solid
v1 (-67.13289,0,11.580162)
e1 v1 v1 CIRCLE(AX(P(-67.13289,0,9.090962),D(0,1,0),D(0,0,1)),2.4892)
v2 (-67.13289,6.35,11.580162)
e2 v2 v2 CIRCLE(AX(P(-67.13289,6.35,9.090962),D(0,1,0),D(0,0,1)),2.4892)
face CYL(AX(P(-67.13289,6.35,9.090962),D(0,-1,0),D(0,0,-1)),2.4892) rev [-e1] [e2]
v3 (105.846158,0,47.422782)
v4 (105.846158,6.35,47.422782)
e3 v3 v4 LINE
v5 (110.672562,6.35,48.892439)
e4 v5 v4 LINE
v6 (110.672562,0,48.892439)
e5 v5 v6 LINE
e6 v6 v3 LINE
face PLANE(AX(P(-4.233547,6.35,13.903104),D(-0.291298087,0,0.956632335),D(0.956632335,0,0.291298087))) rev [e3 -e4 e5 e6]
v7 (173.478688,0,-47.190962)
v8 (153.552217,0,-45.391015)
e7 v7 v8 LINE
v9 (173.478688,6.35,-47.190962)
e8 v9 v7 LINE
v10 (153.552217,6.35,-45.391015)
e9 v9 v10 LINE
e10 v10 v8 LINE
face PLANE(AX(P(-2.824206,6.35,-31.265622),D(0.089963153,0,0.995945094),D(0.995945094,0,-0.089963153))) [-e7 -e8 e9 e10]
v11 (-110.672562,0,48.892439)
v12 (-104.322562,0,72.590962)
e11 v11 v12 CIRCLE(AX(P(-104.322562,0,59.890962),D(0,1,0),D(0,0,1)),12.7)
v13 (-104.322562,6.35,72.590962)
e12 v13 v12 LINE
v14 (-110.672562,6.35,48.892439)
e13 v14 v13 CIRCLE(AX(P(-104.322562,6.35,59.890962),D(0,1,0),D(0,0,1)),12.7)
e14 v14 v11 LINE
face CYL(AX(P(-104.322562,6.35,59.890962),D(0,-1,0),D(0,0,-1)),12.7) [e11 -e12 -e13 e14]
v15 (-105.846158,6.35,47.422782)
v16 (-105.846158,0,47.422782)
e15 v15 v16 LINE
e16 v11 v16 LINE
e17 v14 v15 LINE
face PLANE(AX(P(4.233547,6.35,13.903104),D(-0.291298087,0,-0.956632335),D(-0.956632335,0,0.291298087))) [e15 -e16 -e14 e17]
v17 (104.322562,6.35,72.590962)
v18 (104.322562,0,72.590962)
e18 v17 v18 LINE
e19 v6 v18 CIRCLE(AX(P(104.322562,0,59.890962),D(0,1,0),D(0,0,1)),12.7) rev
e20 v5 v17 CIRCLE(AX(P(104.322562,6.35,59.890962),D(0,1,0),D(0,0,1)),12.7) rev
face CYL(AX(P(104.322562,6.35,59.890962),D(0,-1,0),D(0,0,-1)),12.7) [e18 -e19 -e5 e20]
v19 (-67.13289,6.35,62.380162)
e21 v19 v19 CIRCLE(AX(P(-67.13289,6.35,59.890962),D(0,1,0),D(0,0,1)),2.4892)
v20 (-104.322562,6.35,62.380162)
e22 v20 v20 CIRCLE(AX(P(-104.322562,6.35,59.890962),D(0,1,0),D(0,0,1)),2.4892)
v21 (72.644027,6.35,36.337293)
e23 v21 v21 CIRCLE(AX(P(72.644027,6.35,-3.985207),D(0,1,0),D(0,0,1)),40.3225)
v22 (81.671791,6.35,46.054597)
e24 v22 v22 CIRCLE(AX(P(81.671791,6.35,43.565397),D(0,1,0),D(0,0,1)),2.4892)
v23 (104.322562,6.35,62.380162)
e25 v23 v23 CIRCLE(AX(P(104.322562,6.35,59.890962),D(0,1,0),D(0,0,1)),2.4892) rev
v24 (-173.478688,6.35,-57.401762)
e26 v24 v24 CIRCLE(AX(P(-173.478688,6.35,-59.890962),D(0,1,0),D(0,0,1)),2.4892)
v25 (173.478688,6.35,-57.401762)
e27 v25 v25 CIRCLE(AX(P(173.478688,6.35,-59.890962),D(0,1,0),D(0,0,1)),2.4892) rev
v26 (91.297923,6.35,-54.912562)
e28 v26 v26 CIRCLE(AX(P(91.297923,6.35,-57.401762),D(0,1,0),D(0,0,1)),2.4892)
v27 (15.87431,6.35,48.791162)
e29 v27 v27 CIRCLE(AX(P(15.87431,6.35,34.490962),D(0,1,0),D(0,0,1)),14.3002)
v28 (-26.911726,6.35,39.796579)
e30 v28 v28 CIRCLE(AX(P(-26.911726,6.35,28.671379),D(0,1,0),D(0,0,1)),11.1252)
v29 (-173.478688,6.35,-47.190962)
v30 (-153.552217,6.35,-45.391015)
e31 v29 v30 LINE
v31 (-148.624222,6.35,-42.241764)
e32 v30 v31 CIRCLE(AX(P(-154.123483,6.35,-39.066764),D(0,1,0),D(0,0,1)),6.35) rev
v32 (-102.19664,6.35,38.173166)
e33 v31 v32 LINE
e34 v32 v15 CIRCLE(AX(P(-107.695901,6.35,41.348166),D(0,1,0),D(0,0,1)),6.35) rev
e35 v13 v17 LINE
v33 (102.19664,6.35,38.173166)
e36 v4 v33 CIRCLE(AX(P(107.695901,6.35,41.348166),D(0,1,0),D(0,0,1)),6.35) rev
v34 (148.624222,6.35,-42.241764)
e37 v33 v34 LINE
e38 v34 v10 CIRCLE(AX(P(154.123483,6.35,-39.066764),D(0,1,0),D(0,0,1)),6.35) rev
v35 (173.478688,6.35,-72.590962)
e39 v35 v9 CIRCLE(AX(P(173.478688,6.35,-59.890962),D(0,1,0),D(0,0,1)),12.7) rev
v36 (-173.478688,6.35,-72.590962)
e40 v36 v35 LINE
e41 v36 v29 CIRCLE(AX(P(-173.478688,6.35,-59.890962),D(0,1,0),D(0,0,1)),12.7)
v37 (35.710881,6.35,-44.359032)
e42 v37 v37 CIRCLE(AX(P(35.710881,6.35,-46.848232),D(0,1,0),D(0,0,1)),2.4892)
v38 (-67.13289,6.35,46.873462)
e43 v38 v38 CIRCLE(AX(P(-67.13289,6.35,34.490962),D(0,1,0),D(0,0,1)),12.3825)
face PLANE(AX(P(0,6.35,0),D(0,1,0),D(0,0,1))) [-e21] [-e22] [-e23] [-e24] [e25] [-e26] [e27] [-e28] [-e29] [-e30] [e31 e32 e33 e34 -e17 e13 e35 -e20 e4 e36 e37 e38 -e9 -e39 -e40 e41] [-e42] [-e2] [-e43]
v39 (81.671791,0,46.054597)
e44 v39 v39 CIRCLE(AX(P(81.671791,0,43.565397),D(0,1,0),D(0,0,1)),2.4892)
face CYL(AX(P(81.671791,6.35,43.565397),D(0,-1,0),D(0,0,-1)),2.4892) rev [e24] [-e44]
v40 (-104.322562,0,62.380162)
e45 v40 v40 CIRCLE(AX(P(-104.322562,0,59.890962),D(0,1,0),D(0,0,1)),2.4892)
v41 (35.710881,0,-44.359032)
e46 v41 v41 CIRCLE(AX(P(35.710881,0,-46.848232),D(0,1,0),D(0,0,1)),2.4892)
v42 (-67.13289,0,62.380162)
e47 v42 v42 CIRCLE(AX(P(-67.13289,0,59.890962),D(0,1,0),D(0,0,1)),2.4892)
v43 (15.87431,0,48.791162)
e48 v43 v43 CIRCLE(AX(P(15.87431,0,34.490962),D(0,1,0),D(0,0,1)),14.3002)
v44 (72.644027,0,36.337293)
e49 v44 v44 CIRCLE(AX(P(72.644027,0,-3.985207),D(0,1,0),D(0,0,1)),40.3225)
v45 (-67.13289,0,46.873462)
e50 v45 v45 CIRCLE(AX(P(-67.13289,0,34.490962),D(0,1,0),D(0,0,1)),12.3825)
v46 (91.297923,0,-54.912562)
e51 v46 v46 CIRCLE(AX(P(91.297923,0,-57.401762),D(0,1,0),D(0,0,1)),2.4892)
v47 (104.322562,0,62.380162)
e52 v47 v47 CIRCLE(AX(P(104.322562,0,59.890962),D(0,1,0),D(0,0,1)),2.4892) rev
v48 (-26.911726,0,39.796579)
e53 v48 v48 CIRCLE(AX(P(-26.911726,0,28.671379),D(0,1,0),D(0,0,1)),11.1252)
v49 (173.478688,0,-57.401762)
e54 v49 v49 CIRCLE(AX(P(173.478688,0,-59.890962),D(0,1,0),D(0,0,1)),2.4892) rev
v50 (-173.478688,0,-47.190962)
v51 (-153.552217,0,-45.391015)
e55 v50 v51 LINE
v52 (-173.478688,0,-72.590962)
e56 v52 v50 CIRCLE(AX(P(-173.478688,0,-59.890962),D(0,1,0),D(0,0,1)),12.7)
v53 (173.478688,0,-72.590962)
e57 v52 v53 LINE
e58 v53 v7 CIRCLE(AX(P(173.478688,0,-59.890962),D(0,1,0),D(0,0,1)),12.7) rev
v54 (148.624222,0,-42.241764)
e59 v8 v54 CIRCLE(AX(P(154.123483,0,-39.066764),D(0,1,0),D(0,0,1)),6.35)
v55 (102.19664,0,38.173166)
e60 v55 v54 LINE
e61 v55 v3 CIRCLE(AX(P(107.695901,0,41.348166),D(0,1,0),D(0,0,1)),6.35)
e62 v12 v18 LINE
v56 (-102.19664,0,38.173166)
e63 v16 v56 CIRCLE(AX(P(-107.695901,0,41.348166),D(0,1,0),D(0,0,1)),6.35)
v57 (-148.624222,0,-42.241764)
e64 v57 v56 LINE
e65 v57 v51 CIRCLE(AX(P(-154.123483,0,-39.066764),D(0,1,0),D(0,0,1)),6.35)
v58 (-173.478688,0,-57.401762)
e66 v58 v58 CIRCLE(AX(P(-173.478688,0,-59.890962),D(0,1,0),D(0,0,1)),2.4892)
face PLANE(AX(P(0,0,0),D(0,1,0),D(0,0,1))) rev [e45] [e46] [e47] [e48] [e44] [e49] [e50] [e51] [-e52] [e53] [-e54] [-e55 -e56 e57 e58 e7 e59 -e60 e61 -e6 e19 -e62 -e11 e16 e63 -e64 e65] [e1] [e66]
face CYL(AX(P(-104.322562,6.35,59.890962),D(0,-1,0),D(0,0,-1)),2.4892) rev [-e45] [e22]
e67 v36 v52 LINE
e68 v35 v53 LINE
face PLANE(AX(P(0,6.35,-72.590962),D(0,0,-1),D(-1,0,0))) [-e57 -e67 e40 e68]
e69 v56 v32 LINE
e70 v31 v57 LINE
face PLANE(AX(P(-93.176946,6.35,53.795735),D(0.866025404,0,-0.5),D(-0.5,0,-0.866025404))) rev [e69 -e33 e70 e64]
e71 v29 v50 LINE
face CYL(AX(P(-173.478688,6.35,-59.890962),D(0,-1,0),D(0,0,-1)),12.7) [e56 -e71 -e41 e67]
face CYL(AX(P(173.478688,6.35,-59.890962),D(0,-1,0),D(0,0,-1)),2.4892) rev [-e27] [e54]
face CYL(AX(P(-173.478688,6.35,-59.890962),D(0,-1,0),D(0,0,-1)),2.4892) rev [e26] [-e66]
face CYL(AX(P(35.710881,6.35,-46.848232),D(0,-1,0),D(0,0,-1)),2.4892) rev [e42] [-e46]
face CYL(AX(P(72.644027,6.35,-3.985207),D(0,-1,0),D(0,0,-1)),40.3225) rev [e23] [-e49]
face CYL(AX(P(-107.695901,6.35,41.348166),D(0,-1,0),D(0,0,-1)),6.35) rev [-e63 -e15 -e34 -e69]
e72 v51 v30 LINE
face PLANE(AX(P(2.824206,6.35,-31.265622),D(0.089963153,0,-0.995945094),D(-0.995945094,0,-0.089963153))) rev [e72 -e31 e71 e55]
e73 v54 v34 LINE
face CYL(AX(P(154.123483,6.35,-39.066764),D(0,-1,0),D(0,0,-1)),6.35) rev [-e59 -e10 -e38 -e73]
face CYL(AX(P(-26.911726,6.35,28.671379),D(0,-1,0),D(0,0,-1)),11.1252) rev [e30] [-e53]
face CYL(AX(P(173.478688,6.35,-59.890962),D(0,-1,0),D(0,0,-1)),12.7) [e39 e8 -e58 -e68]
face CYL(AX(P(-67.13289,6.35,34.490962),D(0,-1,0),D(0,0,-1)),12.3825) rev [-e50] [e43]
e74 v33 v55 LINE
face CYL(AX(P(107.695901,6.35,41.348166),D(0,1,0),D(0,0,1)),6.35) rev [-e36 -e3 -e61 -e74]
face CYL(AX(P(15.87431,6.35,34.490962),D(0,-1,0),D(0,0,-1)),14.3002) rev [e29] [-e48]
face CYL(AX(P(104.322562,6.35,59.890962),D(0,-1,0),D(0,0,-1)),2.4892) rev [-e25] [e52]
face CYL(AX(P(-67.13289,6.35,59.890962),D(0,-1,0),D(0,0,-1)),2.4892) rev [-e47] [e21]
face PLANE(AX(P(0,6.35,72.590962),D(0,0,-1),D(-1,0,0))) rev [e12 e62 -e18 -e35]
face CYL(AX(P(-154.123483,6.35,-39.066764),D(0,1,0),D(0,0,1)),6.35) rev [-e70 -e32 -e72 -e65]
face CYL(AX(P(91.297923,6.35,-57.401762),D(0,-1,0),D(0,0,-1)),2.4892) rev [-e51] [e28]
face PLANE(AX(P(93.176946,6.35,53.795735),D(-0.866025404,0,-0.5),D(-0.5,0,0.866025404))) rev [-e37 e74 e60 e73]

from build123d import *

# Parameters (mm, degrees)
SKETCH1_R           = 2.4892
SKETCH1_R_2         = 12.3825
SKETCH1_R_3         = 14.3002
SKETCH1_R_4         = 11.1252
SKETCH1_R_5         = 40.3225
BOSS_EXTRUDE1_DEPTH = 6.35
FILLET2_R           = 6.35


with BuildPart() as part:
    # Sketch1 → Boss-Extrude1 (new body)
    with BuildSketch(Plane(origin=(0, 0, 0), x_dir=(1, 0, 0), z_dir=(0, 1, 0))):
        with BuildLine():
            ThreePointArc((-173.478687828, 72.590962089), (-186.178687828, 59.890962089), (-173.478687828, 47.190962089))
            Line((-173.478687828, 47.190962089), (-150.271339409, 45.094655518))
            Line((-150.271339409, 45.094655518), (-98.200516404, -45.094655518))
            Line((-98.200516404, -45.094655518), (-110.67256166, -48.892439461))
            ThreePointArc((-110.67256166, -48.892439461), (-116.589819654, -63.177963961), (-104.32256166, -72.590962089))
            Line((-104.32256166, -72.590962089), (104.322561739, -72.590962089))
            ThreePointArc((104.322561739, -72.590962089), (116.589819664, -63.177963923), (110.67256166, -48.892439461))
            Line((110.67256166, -48.892439461), (98.200516404, -45.094655518))
            Line((98.200516404, -45.094655518), (150.271339409, 45.094655518))
            Line((150.271339409, 45.094655518), (173.478687828, 47.190962089))
            ThreePointArc((173.478687828, 47.190962089), (186.178687828, 59.890962094), (173.478687816, 72.590962089))
            Line((173.478687816, 72.590962089), (-173.478687828, 72.590962089))
        make_face()
        with Locations(Location((173.478687828, 59.890962089, 0), (0, 0, 270))):
            Circle(SKETCH1_R, mode=Mode.SUBTRACT)
        with Locations(Location((-104.32256166, -59.890962089, 0), (0, 0, 270))):
            Circle(SKETCH1_R, mode=Mode.SUBTRACT)
        with Locations(Location((-67.13289048, -59.890962089, 0), (0, 0, 270))):
            Circle(SKETCH1_R, mode=Mode.SUBTRACT)
        with Locations(Location((-67.13289048, -34.490962089, 0), (0, 0, 270))):
            Circle(SKETCH1_R_2, mode=Mode.SUBTRACT)
        with Locations(Location((-67.13289048, -9.090962089, 0), (0, 0, 270))):
            Circle(SKETCH1_R, mode=Mode.SUBTRACT)
        with Locations(Location((15.87430952, -34.490962089, 0), (0, 0, 270))):
            Circle(SKETCH1_R_3, mode=Mode.SUBTRACT)
        with Locations(Location((81.671791392, -43.565397329, 0), (0, 0, 270))):
            Circle(SKETCH1_R, mode=Mode.SUBTRACT)
        with Locations(Location((-26.911726221, -28.671379147, 0), (0, 0, 270))):
            Circle(SKETCH1_R_4, mode=Mode.SUBTRACT)
        with Locations(Location((-173.478687828, 59.890962089, 0), (0, 0, 270))):
            Circle(SKETCH1_R, mode=Mode.SUBTRACT)
        with Locations(Location((72.644027153, 3.985206637, 0), (0, 0, 270))):
            Circle(SKETCH1_R_5, mode=Mode.SUBTRACT)
        with Locations(Location((35.710881273, 46.848232392, 0), (0, 0, 270))):
            Circle(SKETCH1_R, mode=Mode.SUBTRACT)
        with Locations(Location((91.297923401, 57.401762089, 0), (0, 0, 270))):
            Circle(SKETCH1_R, mode=Mode.SUBTRACT)
        with Locations(Location((104.32256166, -59.890962089, 0), (0, 0, 270))):
            Circle(SKETCH1_R, mode=Mode.SUBTRACT)
    extrude(amount=BOSS_EXTRUDE1_DEPTH)

    # Fillet2
    fillet2_edges = [part.edges().sort_by_distance(p)[0] for p in [
        (150.271339409, 3.175, -45.094655518),
        (98.200516404, 3.175, 45.094655518),
        (-98.200516404, 3.175, 45.094655518),
        (-150.271339409, 3.175, -45.094655518),
    ]]
    fillet(fillet2_edges, radius=FILLET2_R)


solid = part.part
